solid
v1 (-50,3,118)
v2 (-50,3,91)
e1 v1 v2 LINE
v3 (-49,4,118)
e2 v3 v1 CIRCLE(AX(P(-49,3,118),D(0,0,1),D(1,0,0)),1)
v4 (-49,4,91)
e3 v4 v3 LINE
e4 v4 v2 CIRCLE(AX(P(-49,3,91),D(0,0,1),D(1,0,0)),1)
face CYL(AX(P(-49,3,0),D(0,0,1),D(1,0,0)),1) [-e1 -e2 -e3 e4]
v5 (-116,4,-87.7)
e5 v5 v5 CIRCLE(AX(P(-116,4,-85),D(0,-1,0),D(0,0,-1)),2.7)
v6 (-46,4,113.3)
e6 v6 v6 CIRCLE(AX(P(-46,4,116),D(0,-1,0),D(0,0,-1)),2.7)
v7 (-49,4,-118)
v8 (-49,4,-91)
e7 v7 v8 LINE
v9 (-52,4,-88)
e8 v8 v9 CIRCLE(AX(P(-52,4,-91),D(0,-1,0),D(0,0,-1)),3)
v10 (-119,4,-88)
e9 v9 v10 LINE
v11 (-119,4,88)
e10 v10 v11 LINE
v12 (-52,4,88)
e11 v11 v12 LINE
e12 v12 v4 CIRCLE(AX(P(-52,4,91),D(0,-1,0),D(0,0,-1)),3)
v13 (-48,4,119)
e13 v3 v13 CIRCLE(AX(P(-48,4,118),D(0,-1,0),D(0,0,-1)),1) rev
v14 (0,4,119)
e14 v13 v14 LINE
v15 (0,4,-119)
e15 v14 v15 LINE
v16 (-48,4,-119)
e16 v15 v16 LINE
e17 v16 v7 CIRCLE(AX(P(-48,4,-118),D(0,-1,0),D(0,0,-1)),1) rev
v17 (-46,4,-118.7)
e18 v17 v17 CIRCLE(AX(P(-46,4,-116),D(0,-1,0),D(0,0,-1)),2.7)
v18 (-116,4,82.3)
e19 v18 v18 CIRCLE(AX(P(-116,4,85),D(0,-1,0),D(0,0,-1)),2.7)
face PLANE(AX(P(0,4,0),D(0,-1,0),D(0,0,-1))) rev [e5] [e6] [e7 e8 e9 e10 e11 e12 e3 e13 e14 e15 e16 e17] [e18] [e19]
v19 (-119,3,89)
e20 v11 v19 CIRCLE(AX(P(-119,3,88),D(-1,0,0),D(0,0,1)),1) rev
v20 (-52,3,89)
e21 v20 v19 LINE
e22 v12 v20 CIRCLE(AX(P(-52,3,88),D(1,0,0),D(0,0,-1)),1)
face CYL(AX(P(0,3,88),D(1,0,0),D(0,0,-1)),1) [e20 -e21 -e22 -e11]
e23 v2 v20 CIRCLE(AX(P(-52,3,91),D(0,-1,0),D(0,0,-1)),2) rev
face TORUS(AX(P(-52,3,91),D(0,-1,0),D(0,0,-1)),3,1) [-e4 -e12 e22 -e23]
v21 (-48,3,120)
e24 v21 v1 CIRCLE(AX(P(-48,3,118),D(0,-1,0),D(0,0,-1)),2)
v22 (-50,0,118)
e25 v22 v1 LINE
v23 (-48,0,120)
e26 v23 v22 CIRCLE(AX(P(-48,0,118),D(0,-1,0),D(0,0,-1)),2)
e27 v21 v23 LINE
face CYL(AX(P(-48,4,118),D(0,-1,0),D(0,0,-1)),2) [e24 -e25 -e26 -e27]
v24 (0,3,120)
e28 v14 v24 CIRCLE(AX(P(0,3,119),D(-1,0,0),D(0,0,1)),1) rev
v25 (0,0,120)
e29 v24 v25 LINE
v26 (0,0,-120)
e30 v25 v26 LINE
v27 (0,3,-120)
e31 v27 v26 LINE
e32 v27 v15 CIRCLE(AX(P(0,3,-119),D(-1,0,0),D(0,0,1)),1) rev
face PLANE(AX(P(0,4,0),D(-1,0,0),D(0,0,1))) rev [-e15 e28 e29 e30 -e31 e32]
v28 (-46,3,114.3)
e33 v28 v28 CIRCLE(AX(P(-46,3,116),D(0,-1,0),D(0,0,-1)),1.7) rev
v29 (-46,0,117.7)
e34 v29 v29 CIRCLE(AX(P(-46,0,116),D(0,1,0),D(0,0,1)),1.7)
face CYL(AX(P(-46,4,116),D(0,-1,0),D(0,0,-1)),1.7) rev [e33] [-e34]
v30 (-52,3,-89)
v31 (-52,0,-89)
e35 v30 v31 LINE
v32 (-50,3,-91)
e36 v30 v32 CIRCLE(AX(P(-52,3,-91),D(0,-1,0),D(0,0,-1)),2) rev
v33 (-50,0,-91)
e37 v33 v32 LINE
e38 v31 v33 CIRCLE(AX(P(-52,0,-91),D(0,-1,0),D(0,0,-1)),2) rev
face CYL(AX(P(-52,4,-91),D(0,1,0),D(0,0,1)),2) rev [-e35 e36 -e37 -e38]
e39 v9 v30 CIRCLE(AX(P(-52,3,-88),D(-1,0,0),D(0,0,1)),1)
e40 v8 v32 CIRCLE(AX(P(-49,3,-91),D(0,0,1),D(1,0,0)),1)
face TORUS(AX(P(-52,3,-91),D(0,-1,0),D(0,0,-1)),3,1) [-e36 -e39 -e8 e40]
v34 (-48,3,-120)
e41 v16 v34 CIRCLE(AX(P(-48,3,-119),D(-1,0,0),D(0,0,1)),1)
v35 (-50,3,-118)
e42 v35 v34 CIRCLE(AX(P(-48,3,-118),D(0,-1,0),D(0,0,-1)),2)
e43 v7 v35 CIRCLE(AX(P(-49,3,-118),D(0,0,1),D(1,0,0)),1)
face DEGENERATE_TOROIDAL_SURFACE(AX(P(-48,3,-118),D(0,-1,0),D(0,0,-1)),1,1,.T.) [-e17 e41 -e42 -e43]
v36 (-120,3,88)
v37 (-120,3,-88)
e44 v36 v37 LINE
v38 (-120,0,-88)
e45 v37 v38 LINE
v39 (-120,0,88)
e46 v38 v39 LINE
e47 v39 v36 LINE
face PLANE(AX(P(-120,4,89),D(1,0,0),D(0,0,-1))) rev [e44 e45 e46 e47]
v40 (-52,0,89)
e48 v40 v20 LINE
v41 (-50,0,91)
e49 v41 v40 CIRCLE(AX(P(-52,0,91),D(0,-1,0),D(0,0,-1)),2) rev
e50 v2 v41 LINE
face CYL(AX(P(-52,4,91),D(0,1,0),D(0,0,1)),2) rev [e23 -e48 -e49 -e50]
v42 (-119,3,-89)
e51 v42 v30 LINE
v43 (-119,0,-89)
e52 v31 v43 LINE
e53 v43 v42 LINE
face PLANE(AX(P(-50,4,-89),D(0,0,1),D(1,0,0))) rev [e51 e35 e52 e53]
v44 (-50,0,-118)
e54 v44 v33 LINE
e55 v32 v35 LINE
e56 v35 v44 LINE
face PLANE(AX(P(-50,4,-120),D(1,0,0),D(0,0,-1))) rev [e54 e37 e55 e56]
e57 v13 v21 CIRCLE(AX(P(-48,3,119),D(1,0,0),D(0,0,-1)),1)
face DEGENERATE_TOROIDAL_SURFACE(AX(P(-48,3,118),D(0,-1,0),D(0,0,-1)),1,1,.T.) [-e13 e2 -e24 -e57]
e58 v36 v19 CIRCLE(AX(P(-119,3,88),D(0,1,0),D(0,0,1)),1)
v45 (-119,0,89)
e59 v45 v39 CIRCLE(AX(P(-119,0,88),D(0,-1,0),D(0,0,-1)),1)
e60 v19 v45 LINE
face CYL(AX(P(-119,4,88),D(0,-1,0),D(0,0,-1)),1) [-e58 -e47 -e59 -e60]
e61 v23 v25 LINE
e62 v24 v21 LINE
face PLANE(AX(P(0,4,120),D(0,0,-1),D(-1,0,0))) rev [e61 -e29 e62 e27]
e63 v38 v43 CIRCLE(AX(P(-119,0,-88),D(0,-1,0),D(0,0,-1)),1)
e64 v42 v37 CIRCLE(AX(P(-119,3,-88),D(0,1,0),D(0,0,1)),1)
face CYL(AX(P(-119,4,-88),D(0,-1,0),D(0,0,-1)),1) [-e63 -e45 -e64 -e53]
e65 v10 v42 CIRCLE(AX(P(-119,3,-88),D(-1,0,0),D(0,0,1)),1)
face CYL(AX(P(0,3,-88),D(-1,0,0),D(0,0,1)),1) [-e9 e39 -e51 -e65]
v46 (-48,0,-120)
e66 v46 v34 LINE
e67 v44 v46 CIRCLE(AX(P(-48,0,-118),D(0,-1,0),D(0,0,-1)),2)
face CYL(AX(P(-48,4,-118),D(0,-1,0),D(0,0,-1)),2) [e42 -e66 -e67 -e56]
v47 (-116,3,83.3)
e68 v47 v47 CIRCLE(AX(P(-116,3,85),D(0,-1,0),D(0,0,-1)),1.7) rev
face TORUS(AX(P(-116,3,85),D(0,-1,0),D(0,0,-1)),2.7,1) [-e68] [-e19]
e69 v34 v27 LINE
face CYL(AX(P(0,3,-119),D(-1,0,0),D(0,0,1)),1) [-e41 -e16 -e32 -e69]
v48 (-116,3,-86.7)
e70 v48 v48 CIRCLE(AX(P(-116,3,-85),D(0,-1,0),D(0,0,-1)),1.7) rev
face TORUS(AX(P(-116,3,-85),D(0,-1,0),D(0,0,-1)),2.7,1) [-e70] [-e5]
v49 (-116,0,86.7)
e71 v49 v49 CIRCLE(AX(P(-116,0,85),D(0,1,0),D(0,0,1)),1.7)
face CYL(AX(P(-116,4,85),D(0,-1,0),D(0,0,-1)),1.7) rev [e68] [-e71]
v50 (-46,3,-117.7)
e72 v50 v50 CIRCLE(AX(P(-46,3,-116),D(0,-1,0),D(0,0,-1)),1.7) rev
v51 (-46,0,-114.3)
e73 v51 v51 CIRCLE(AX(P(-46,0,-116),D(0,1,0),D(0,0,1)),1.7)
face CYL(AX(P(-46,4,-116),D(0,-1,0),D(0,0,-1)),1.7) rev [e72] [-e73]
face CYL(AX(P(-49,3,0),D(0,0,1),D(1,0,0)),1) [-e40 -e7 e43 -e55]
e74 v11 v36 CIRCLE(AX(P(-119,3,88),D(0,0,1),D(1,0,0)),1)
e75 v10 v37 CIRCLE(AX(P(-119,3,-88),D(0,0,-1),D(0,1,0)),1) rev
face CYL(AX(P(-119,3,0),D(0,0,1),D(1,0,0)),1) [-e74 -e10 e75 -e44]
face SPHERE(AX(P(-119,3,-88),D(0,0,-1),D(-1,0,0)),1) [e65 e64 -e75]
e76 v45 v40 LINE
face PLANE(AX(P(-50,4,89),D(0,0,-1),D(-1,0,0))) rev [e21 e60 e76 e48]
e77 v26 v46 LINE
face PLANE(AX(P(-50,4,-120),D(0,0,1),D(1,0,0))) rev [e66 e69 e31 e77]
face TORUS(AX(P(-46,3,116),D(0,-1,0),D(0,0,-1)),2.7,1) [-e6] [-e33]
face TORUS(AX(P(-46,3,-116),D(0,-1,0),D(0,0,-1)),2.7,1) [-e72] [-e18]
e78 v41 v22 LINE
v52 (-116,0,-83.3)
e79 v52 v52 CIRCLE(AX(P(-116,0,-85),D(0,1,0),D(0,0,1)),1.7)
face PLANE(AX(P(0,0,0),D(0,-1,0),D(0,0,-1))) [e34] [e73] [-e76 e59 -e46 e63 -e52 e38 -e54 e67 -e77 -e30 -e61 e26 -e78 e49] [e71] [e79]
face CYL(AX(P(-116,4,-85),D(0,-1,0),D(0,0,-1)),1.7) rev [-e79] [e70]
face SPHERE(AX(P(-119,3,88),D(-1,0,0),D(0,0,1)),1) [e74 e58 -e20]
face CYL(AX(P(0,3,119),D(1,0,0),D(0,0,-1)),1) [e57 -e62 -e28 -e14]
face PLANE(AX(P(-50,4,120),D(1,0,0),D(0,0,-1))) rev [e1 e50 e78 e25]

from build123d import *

# Parameters (mm, degrees)
SKETCH1_R           = 1.7
BOSS_EXTRUDE1_DEPTH = 4
FILLET1_R           = 2
FILLET2_R           = 1


with BuildPart() as part:
    # Sketch1 → Boss-Extrude1 (new body)
    with BuildSketch(Plane(origin=(0, 0, 0), x_dir=(1, 0, 0), z_dir=(0, 1, 0))):
        Polygon((0, 0), (0, 120), (-50, 120), (-50, 89), (-120, 89), (-120, 0), (-120, -89), (-50, -89), (-50, -120), (0, -120), align=None)
        with Locations(Location((-46, -116, 0), (0, 0, 270))):
            Circle(SKETCH1_R, mode=Mode.SUBTRACT)
        with Locations(Location((-116, -85, 0), (0, 0, 270))):
            Circle(SKETCH1_R, mode=Mode.SUBTRACT)
        with Locations(Location((-116, 85, 0), (0, 0, 270))):
            Circle(SKETCH1_R, mode=Mode.SUBTRACT)
        with Locations(Location((-46, 116, 0), (0, 0, 270))):
            Circle(SKETCH1_R, mode=Mode.SUBTRACT)
    extrude(amount=BOSS_EXTRUDE1_DEPTH)

    # Fillet1
    fillet1_edges = [part.edges().sort_by_distance(p)[0] for p in [
        (-50, 2, 120),
        (-50, 2, 89),
        (-50, 2, -89),
        (-50, 2, -120),
    ]]
    fillet(fillet1_edges, radius=FILLET1_R)

    # Fillet2
    fillet2_edges = [part.edges().sort_by_distance(p)[0] for p in [
        (-24, 4, -120),
        (-120, 2, 89),
        (-120, 2, -89),
        (-120, 4, 0),
        (-46, 4, 114.3),
        (-116, 4, 83.3),
        (-86, 4, 89),
        (-116, 4, -86.7),
        (-46, 4, -117.7),
        (-86, 4, -89),
        (-50, 4, -104.5),
        (-50, 4, 104.5),
        (-24, 4, 120),
        (-49.414213562, 4, 119.414213562),
        (-49.414213562, 4, -119.414213562),
        (-50.585786438, 4, -89.585786438),
        (-50.585786438, 4, 89.585786438),
    ]]
    fillet(fillet2_edges, radius=FILLET2_R)


solid = part.part
